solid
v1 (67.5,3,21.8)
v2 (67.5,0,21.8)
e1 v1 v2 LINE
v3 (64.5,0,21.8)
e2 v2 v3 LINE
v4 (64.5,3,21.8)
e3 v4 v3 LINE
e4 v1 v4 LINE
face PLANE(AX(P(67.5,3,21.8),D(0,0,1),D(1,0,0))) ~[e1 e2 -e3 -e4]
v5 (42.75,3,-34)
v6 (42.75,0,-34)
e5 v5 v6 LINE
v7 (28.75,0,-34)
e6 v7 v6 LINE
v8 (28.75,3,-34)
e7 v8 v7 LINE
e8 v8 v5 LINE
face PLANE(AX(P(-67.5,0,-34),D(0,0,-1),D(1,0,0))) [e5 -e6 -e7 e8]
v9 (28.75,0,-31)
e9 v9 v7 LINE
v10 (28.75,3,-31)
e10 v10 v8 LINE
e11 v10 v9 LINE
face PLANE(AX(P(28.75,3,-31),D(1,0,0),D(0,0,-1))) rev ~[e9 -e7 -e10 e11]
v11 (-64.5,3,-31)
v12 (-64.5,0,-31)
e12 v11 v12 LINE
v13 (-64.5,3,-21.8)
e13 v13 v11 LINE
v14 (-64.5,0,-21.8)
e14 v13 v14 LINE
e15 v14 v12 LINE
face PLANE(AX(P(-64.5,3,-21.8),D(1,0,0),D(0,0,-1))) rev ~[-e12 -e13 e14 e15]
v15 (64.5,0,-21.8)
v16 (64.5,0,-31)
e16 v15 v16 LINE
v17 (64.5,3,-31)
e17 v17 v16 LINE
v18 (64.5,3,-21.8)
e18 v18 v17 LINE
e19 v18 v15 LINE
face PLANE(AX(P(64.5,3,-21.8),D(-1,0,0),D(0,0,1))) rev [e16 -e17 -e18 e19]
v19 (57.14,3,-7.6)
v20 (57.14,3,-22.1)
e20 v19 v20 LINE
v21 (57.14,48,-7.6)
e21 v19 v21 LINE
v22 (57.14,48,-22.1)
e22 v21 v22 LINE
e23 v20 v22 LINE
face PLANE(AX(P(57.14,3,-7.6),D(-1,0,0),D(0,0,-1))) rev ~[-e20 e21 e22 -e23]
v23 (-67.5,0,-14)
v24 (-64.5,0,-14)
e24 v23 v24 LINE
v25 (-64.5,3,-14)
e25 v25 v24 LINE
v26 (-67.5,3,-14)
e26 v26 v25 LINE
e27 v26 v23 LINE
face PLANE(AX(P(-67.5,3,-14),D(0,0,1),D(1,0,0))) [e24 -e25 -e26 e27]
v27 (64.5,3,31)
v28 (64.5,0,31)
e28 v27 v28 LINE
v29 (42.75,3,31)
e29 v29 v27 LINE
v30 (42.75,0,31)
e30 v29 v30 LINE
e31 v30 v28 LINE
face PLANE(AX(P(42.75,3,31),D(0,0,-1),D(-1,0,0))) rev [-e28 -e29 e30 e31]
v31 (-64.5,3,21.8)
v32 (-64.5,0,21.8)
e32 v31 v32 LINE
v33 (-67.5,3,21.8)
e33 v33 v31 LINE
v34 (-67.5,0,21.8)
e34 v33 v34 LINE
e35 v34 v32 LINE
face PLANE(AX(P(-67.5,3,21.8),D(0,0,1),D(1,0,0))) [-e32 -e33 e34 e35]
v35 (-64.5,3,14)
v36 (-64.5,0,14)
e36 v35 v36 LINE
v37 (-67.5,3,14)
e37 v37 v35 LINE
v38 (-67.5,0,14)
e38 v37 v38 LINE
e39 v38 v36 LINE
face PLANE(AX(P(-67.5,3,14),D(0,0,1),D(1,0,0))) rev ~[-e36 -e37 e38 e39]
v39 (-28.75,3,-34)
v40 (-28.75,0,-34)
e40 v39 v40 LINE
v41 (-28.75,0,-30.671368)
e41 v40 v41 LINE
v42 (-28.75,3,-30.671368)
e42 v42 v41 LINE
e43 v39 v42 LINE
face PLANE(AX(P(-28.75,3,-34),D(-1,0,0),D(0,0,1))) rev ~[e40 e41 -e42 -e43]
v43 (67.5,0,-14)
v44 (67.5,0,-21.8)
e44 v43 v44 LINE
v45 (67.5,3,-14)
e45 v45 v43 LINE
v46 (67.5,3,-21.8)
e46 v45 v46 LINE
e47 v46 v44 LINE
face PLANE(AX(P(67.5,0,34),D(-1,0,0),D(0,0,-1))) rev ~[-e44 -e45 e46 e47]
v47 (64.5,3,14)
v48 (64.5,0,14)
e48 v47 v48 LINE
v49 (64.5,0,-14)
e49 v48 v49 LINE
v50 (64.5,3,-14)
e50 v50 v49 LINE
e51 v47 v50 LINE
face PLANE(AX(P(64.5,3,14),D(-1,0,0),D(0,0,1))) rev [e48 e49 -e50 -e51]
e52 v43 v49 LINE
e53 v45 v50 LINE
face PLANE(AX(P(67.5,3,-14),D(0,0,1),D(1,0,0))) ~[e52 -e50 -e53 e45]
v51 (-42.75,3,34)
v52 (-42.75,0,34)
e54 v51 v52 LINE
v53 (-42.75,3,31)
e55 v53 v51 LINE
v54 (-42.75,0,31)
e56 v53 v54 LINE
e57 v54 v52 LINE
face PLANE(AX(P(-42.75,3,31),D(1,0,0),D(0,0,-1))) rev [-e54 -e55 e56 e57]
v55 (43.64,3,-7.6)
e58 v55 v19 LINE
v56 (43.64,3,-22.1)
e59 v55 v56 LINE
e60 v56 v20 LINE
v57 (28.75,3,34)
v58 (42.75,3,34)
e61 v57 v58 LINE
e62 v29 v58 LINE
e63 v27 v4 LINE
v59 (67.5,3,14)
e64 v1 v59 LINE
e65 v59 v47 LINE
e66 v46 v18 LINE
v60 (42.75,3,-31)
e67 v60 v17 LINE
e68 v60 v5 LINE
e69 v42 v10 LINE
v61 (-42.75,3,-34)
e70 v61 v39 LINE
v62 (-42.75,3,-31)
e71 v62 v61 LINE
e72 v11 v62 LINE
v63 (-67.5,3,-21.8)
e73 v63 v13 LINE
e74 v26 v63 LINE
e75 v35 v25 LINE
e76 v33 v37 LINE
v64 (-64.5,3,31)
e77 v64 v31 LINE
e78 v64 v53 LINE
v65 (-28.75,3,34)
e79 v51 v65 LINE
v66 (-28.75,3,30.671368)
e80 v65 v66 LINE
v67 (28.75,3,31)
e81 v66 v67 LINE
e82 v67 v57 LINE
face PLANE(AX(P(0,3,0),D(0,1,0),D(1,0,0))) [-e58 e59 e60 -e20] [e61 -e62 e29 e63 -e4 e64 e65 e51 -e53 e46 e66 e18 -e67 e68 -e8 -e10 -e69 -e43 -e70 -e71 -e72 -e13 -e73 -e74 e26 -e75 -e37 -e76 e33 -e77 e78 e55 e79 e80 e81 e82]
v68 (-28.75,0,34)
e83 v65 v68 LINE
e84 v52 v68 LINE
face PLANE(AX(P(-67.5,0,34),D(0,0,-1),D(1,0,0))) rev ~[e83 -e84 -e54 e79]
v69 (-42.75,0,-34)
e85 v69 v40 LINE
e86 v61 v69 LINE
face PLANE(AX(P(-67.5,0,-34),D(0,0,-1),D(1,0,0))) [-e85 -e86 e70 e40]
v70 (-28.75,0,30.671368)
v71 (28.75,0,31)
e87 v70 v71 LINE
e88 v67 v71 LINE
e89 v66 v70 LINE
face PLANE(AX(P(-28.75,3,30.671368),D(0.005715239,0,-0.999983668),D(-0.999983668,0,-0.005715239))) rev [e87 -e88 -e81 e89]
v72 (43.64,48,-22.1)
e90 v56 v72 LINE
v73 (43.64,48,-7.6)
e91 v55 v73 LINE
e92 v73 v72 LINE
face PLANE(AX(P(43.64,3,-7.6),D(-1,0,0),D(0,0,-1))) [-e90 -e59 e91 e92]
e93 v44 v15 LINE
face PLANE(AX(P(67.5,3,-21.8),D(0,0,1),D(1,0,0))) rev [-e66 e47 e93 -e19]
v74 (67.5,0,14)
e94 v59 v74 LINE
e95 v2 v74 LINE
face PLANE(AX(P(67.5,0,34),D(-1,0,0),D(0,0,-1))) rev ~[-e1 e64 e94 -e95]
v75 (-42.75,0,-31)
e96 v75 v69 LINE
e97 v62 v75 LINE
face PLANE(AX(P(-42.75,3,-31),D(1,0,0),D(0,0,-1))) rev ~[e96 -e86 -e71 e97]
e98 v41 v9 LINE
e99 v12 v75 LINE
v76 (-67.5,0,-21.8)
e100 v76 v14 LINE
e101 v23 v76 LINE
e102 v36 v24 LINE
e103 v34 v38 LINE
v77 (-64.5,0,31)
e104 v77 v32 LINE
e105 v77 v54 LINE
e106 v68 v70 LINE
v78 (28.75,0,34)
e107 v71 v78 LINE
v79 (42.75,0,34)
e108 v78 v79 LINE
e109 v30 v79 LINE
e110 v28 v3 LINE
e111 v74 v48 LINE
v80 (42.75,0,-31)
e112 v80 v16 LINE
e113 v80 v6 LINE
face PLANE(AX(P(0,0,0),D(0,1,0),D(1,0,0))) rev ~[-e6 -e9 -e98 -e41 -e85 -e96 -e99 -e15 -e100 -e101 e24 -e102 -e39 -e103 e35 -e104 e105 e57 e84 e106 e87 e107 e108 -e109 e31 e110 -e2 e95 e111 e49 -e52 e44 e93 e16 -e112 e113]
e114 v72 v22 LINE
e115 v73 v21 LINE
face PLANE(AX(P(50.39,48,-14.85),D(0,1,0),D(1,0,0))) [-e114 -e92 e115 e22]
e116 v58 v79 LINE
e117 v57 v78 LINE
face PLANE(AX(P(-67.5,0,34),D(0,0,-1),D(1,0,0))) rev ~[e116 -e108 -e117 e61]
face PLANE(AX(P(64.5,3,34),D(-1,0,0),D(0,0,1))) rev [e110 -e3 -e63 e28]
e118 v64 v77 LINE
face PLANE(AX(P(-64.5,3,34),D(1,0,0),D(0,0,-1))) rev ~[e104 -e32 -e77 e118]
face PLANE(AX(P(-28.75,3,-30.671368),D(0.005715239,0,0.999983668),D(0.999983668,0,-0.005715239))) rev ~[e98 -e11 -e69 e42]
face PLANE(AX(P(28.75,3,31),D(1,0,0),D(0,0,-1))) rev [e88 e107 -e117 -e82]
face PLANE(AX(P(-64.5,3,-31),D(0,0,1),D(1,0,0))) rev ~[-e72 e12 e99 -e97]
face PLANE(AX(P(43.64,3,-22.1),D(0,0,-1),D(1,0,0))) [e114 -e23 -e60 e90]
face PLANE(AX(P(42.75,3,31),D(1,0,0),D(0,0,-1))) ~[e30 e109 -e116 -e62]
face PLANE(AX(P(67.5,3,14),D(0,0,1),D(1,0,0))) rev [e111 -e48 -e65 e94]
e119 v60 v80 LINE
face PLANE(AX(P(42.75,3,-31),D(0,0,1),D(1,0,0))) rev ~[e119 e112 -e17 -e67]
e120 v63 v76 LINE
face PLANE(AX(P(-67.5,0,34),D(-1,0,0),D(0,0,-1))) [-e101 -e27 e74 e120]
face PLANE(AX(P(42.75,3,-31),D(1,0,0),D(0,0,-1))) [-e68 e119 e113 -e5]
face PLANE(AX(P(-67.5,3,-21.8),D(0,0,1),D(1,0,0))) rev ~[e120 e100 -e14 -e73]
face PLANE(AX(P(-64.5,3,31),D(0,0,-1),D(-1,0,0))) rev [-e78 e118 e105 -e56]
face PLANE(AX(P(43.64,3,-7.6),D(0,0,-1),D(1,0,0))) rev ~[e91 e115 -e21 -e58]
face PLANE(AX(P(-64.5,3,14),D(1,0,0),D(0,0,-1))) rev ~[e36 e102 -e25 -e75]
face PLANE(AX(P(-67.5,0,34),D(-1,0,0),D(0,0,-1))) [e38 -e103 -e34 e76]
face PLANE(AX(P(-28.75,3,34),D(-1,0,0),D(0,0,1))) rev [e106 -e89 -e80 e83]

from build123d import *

# Parameters (mm, degrees)
SKETCH1_W           = 135
SKETCH1_H           = 68
BOSS_EXTRUDE1_DEPTH = 3
SKETCH2_W           = 3
SKETCH2_H           = 12.2
SKETCH2_H_2         = 28
CUT_EXTRUDE1_DEPTH  = 3
SKETCH3_W           = 21.75
SKETCH3_H           = 3
CUT_EXTRUDE2_DEPTH  = 3
SKETCH4_W           = 13.5
SKETCH4_H           = 14.5
BOSS_EXTRUDE2_DEPTH = 45


with BuildPart() as part:
    # Sketch1 → Boss-Extrude1 (new body)
    with BuildSketch(Plane(origin=(0, 0, 0), x_dir=(1, 0, 0), z_dir=(0, 1, 0))):
        Rectangle(SKETCH1_W, SKETCH1_H)
    extrude(amount=BOSS_EXTRUDE1_DEPTH)

    # Sketch2 → Cut-Extrude1 (cut)
    with BuildSketch(Plane(origin=(0, 3, 0), x_dir=(1, 0, 0), z_dir=(0, 1, 0))):
        with Locations((-66, 27.9)):
            Rectangle(SKETCH2_W, SKETCH2_H)
        with Locations((-66, 0)):
            Rectangle(SKETCH2_W, SKETCH2_H_2)
        with Locations((-66, -27.9)):
            Rectangle(SKETCH2_W, SKETCH2_H)
    cut_extrude1 = extrude(amount=-CUT_EXTRUDE1_DEPTH, mode=Mode.SUBTRACT)

    # Mirror1: Cut-Extrude1 across plane
    add(cut_extrude1.mirror(Plane(origin=(0, 0, 0), x_dir=(0, 0, 1), z_dir=(1, 0, 0))), mode=Mode.SUBTRACT)

    # Sketch3 → Cut-Extrude2 (cut)
    with BuildSketch(Plane(origin=(0, 3, 0), x_dir=(1, 0, 0), z_dir=(0, 1, 0))):
        with Locations((-53.625, 32.5)):
            Rectangle(SKETCH3_W, SKETCH3_H)
        Polygon((28.75, 34), (-28.75, 34), (-28.75, 30.671368382), (28.75, 31), align=None)
        with Locations((53.625, 32.5)):
            Rectangle(SKETCH3_W, SKETCH3_H)
    cut_extrude2 = extrude(amount=-CUT_EXTRUDE2_DEPTH, mode=Mode.SUBTRACT)

    # Mirror2: Cut-Extrude2 across plane
    add(cut_extrude2.mirror(Plane.XY), mode=Mode.SUBTRACT)

    # Sketch4 → Boss-Extrude2 (add)
    with BuildSketch(Plane(origin=(0, 3, 0), x_dir=(1, 0, 0), z_dir=(0, 1, 0))):
        with Locations((50.39, 14.85)):
            Rectangle(SKETCH4_W, SKETCH4_H)
    extrude(amount=BOSS_EXTRUDE2_DEPTH)


solid = part.part
